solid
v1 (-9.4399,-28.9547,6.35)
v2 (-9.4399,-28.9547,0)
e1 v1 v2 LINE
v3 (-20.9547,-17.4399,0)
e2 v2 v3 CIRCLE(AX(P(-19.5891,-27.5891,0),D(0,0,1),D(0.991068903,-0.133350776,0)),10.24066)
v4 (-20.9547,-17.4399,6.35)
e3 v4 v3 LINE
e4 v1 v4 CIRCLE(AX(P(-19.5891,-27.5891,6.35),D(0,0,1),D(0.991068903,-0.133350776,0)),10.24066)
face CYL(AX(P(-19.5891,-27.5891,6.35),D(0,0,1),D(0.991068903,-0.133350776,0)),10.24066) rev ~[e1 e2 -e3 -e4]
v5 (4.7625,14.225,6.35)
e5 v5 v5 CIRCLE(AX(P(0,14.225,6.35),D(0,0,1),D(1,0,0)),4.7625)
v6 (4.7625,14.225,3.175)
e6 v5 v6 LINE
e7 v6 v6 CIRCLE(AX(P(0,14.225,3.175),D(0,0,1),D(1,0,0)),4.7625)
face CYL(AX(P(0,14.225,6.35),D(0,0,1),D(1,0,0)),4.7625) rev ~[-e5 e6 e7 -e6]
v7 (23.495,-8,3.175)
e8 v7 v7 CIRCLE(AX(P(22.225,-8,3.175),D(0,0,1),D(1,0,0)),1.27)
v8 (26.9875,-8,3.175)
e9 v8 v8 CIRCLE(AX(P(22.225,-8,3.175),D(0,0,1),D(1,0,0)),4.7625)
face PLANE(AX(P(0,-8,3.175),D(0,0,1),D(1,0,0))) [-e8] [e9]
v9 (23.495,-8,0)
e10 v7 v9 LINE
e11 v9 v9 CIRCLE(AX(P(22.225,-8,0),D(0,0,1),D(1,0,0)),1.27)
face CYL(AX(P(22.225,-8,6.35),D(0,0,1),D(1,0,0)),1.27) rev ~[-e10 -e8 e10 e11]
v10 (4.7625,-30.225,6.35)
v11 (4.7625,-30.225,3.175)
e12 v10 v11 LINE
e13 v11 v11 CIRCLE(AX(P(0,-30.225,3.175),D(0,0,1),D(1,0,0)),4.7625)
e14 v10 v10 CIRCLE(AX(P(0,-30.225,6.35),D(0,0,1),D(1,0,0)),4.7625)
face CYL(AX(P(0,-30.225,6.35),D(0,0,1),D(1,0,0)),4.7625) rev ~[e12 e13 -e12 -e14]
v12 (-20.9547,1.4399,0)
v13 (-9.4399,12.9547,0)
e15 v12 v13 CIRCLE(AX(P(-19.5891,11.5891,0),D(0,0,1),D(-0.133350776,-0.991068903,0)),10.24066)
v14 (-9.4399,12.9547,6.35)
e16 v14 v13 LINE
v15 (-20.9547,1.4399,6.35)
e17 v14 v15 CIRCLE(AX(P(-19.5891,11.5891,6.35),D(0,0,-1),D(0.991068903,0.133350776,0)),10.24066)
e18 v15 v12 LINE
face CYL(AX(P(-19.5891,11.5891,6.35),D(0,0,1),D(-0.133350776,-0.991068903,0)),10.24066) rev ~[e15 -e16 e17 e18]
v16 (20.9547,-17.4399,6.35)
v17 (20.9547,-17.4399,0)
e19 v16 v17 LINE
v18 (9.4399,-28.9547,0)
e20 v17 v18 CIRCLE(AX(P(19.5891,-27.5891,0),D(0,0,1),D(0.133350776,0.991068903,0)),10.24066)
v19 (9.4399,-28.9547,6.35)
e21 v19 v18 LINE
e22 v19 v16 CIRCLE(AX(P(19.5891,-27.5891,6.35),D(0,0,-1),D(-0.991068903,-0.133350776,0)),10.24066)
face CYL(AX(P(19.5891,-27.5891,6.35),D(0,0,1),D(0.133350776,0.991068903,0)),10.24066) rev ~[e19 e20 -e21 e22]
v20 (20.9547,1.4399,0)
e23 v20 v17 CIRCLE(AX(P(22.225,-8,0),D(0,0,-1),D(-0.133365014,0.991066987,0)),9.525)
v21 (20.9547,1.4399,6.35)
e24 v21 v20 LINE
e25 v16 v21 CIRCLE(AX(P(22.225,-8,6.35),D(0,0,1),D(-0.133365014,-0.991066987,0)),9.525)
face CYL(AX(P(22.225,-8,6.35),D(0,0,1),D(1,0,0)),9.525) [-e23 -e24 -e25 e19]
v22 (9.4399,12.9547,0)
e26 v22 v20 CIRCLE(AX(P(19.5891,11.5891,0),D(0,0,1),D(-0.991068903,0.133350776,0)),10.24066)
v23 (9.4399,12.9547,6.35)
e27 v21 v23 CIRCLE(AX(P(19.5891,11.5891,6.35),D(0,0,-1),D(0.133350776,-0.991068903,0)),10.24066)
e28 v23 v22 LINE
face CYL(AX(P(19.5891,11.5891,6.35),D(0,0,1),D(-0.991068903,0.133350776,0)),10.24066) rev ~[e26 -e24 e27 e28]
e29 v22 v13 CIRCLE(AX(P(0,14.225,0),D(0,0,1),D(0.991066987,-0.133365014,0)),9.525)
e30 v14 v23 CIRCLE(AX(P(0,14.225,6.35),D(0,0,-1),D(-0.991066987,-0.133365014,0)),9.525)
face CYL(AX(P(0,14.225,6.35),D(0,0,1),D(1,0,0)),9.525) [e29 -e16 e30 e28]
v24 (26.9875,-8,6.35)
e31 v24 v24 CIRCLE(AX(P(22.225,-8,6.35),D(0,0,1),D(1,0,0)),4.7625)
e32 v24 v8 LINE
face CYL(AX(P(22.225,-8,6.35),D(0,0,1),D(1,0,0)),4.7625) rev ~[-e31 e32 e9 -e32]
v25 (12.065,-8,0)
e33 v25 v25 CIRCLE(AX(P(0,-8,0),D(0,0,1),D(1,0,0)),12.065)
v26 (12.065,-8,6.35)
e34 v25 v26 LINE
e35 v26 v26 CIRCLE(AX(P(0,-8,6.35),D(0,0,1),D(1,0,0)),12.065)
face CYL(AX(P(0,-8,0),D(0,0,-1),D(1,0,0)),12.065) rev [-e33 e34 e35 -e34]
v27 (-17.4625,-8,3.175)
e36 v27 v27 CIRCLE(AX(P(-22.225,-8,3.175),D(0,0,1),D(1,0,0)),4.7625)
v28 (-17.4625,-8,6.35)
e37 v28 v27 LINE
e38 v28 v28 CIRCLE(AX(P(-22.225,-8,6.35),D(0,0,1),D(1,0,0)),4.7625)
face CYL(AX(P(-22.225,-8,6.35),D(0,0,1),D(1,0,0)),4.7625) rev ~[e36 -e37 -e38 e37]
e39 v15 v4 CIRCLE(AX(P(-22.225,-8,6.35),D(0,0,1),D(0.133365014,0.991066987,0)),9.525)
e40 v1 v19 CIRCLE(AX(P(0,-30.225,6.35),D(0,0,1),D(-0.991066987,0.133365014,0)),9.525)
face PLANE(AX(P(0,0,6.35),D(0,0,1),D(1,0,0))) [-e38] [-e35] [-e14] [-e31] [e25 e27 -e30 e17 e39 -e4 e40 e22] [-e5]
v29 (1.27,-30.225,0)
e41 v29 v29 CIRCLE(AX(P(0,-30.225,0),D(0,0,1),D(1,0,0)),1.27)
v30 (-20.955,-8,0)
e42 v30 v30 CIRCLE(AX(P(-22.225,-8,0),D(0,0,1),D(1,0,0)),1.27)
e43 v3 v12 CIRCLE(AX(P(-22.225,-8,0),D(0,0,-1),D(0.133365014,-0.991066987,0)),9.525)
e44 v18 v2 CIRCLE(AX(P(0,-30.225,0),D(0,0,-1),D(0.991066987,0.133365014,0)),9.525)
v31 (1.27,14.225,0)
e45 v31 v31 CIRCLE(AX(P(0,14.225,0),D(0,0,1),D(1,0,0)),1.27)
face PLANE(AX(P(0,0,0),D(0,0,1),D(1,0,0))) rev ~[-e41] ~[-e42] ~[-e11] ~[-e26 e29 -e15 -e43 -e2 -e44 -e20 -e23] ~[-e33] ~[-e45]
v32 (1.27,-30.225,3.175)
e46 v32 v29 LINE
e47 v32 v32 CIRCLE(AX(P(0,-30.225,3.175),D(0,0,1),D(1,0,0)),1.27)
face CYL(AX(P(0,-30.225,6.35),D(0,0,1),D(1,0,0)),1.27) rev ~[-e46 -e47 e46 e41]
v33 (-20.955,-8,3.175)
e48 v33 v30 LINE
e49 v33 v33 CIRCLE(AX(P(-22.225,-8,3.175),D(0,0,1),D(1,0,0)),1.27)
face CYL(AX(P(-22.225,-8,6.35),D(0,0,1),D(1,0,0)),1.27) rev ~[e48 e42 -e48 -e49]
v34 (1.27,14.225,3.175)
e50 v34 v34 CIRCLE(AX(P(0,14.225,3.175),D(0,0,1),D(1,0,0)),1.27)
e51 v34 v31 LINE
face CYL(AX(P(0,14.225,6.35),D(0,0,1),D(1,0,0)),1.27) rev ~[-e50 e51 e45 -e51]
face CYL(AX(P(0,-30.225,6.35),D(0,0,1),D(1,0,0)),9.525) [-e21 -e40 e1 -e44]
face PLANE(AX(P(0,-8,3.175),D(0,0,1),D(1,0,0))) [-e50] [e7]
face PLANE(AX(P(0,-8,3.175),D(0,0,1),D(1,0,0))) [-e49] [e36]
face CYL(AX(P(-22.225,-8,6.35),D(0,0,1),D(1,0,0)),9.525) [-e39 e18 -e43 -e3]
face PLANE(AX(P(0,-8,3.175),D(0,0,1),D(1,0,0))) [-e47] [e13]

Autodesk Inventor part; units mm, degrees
ref_plane "YZ Plane" through (0, 0, 0) normal (1, 0, 0) x (0, 1, 0)
ref_plane "XZ Plane" through (0, 0, 0) normal (0, 1, 0) x (-1, 0, 0)
sketch "Sketch1" plane through (0, 0, 0) normal (0, 0, 1) x (1, 0, 0)
  circle A0 centre (0, -8) radius 12.065 projected
  arc A1 (-7.912, -62.1223) -> (-4.7827, -62.4881) centre (0, -8) ccw projected
  arc A2 (-3.3911, -60.1215) -> (-4.7827, -62.4881) centre (5.3956, -66.8807) ccw projected
  arc A3 (3.3911, -60.1215) -> (-3.3911, -60.1215) centre (0, -62.6976) ccw projected
  arc A4 (4.7827, -62.4881) -> (3.3911, -60.1215) centre (-5.3956, -66.8807) ccw projected
  arc A5 (4.7827, -62.4881) -> (7.912, -62.1223) centre (0, -8) ccw projected
  arc A6 (8.7203, -59.4986) -> (7.912, -62.1223) centre (18.829, -64.0493) ccw projected
  arc A7 (15.3198, -57.9345) -> (8.7203, -59.4986) centre (12.6141, -61.2232) ccw projected
  arc A8 (17.2196, -59.9164) -> (15.3198, -57.9345) centre (8.3287, -66.5379) ccw projected
  arc A9 (17.2196, -59.9164) -> (20.1802, -58.8388) centre (0, -8) ccw projected
  arc A10 (20.3617, -56.0994) -> (20.1802, -58.8388) centre (31.2473, -58.1962) ccw projected
  arc A11 (26.4225, -53.0555) -> (20.3617, -56.0994) centre (24.5482, -56.8795) ccw projected
  arc A12 (28.7282, -54.5458) -> (26.4225, -53.0555) centre (21.6039, -63.0393) ccw projected
  arc A13 (28.7282, -54.5458) -> (31.3605, -52.8146) centre (0, -8) ccw projected
  arc A14 (30.9053, -50.1072) -> (31.3605, -52.8146) centre (41.9811, -49.637) ccw projected
  arc A15 (36.1008, -45.7476) -> (30.9053, -50.1072) centre (35.1589, -49.9008) ccw projected
  arc A16 (38.688, -46.666) -> (36.1008, -45.7476) centre (33.7145, -56.5735) ccw projected
  arc A17 (38.688, -46.666) -> (40.8501, -44.3744) centre (0, -8) ccw projected
  arc A18 (39.7828, -41.8449) -> (40.8501, -44.3744) centre (50.4517, -38.8332) ccw projected
  arc A19 (43.8329, -36.4047) -> (39.7828, -41.8449) centre (43.8742, -40.6631) ccw projected
  arc A20 (46.5622, -36.7017) -> (43.8329, -36.4047) centre (44.0076, -47.4891) ccw projected
  arc A21 (46.5622, -36.7017) -> (48.1375, -33.9732) centre (0, -8) ccw projected
  arc A22 (46.5156, -31.7581) -> (48.1375, -33.9732) centre (56.2023, -26.3671) ccw projected
  arc A23 (49.2019, -25.5305) -> (46.5156, -31.7581) centre (50.2242, -29.6646) ccw projected
  arc A24 (51.9262, -25.19) -> (49.2019, -25.5305) centre (51.9282, -36.2758) ccw projected
  arc A25 (51.9262, -25.19) -> (52.8298, -22.1718) centre (0, -8) ccw projected
  arc A26 (50.7408, -20.3904) -> (52.8298, -22.1718) centre (58.9232, -12.9109) ccw projected
  arc A27 (51.9185, -13.7112) -> (50.7408, -20.3904) centre (53.8666, -17.4981) ccw projected
  arc A28 (54.4908, -12.7517) -> (51.9185, -13.7112) centre (57.0493, -23.5382) ccw projected
  arc A29 (54.4908, -12.7517) -> (54.674, -9.6064) centre (0, -8) ccw projected
  arc A30 (52.2305, -8.3548) -> (54.674, -9.6064) centre (58.4674, 0.8101) ccw projected
  arc A31 (51.8361, -1.584) -> (52.2305, -8.3548) centre (54.605, -4.8196) ccw projected
  arc A32 (54.1178, -0.0572) -> (51.8361, -1.584) centre (59.0949, -9.9629) ccw projected
  arc A33 (54.1178, -0.0572) -> (53.5707, 3.0455) centre (0, -8) ccw projected
  arc A34 (50.9044, 3.6999) -> (53.5707, 3.0455) centre (54.8597, 14.0561) ccw projected
  arc A35 (48.9593, 10.1973) -> (50.9044, 3.6999) centre (52.3997, 7.6874) ccw projected
  arc A36 (50.8273, 12.2092) -> (48.9593, 10.1973) centre (57.9546, 3.7182) ccw projected
  arc A37 (50.8273, 12.2092) -> (49.5794, 15.1021) centre (0, -8) ccw projected
  arc A38 (46.8341, 15.1239) -> (49.5794, 15.1021) centre (48.2944, 26.1131) ccw projected
  arc A39 (43.443, 20.9975) -> (46.8341, 15.1239) centre (47.3695, 19.3488) ccw projected
  arc A40 (44.7967, 23.386) -> (43.443, 20.9975) centre (53.69, 16.7676) ccw projected
  arc A41 (44.7967, 23.386) -> (42.9153, 25.9131) centre (0, -8) ccw projected
  arc A42 (40.2389, 25.3013) -> (42.9153, 25.9131) centre (39.1256, 36.331) ccw projected
  arc A43 (35.5847, 30.2346) -> (40.2389, 25.3013) centre (39.7856, 29.5357) ccw projected
  arc A44 (36.3511, 32.8708) -> (35.5847, 30.2346) centre (46.531, 28.4818) ccw projected
  arc A45 (36.3511, 32.8708) -> (33.9376, 34.896) centre (0, -8) ccw projected
  arc A46 (31.4745, 33.6834) -> (33.9376, 34.896) centre (27.8475, 44.1591) ccw projected
  arc A47 (25.808, 37.4103) -> (31.4745, 33.6834) centre (30.0568, 37.6992) ccw projected
  arc A48 (25.9458, 40.1523) -> (25.808, 37.4103) centre (36.8635, 38.2292) ccw projected
  arc A49 (25.9458, 40.1523) -> (23.1303, 41.5662) centre (0, -8) ccw projected
  arc A50 (21.0132, 39.8183) -> (23.1303, 41.5662) centre (15.0682, 49.1752) ccw projected
  arc A51 (14.64, 42.138) -> (21.0132, 39.8183) centre (18.7077, 43.3989) ccw projected
  arc A52 (14.1417, 44.8378) -> (14.64, 42.138) centre (25.2086, 45.4844) ccw projected
  arc A53 (14.1417, 44.8378) -> (11.0761, 45.5644) centre (0, -8) ccw projected
  arc A54 (9.4191, 43.3754) -> (11.0761, 45.5644) centre (1.4765, 51.109) ccw projected
  arc A55 (2.6827, 44.1627) -> (9.4191, 43.3754) centre (6.35, 46.3277) ccw projected
  arc A56 (1.5753, 46.6749) -> (2.6827, 44.1627) centre (12.1948, 49.8562) ccw projected
  arc A57 (1.5753, 46.6749) -> (-1.5753, 46.6749) centre (0, -8) ccw projected
  arc A58 (-2.6827, 44.1627) -> (-1.5753, 46.6749) centre (-12.1948, 49.8562) ccw projected
  arc A59 (-9.4191, 43.3754) -> (-2.6827, 44.1627) centre (-6.35, 46.3277) ccw projected
  arc A60 (-11.0761, 45.5644) -> (-9.4191, 43.3754) centre (-1.4765, 51.109) ccw projected
  arc A61 (-11.0761, 45.5644) -> (-14.1417, 44.8378) centre (0, -8) ccw projected
  arc A62 (-14.64, 42.138) -> (-14.1417, 44.8378) centre (-25.2086, 45.4844) ccw projected
  arc A63 (-21.0132, 39.8183) -> (-14.64, 42.138) centre (-18.7077, 43.3989) ccw projected
  arc A64 (-23.1303, 41.5662) -> (-21.0132, 39.8183) centre (-15.0682, 49.1752) ccw projected
  arc A65 (-23.1303, 41.5662) -> (-25.9458, 40.1523) centre (0, -8) ccw projected
  arc A66 (-25.808, 37.4103) -> (-25.9458, 40.1523) centre (-36.8635, 38.2292) ccw projected
  arc A67 (-31.4745, 33.6834) -> (-25.808, 37.4103) centre (-30.0568, 37.6992) ccw projected
  arc A68 (-33.9376, 34.896) -> (-31.4745, 33.6834) centre (-27.8475, 44.1591) ccw projected
  arc A69 (-33.9376, 34.896) -> (-36.3511, 32.8708) centre (0, -8) ccw projected
  arc A70 (-35.5847, 30.2346) -> (-36.3511, 32.8708) centre (-46.531, 28.4818) ccw projected
  arc A71 (-40.2389, 25.3013) -> (-35.5847, 30.2346) centre (-39.7856, 29.5357) ccw projected
  arc A72 (-42.9153, 25.9131) -> (-40.2389, 25.3013) centre (-39.1256, 36.331) ccw projected
  arc A73 (-42.9153, 25.9131) -> (-44.7967, 23.386) centre (0, -8) ccw projected
  arc A74 (-43.443, 20.9975) -> (-44.7967, 23.386) centre (-53.69, 16.7676) ccw projected
  arc A75 (-46.8341, 15.1239) -> (-43.443, 20.9975) centre (-47.3695, 19.3488) ccw projected
  arc A76 (-49.5794, 15.1021) -> (-46.8341, 15.1239) centre (-48.2944, 26.1131) ccw projected
  arc A77 (-49.5794, 15.1021) -> (-50.8273, 12.2092) centre (0, -8) ccw projected
  arc A78 (-48.9593, 10.1973) -> (-50.8273, 12.2092) centre (-57.9546, 3.7182) ccw projected
  arc A79 (-50.9044, 3.6999) -> (-48.9593, 10.1973) centre (-52.3997, 7.6874) ccw projected
  arc A80 (-53.5707, 3.0455) -> (-50.9044, 3.6999) centre (-54.8597, 14.0561) ccw projected
  arc A81 (-53.5707, 3.0455) -> (-54.1178, -0.0572) centre (0, -8) ccw projected
  arc A82 (-51.8361, -1.584) -> (-54.1178, -0.0572) centre (-59.0949, -9.9629) ccw projected
  arc A83 (-52.2305, -8.3548) -> (-51.8361, -1.584) centre (-54.605, -4.8196) ccw projected
  arc A84 (-54.674, -9.6064) -> (-52.2305, -8.3548) centre (-58.4674, 0.8101) ccw projected
  arc A85 (-54.674, -9.6064) -> (-54.4908, -12.7517) centre (0, -8) ccw projected
  arc A86 (-51.9185, -13.7112) -> (-54.4908, -12.7517) centre (-57.0493, -23.5382) ccw projected
  arc A87 (-50.7408, -20.3904) -> (-51.9185, -13.7112) centre (-53.8666, -17.4981) ccw projected
  arc A88 (-52.8298, -22.1718) -> (-50.7408, -20.3904) centre (-58.9232, -12.9109) ccw projected
  arc A89 (-52.8298, -22.1718) -> (-51.9262, -25.19) centre (0, -8) ccw projected
  arc A90 (-49.2019, -25.5305) -> (-51.9262, -25.19) centre (-51.9282, -36.2758) ccw projected
  arc A91 (-46.5156, -31.7581) -> (-49.2019, -25.5305) centre (-50.2242, -29.6646) ccw projected
  arc A92 (-48.1375, -33.9732) -> (-46.5156, -31.7581) centre (-56.2023, -26.3671) ccw projected
  arc A93 (-48.1375, -33.9732) -> (-46.5622, -36.7017) centre (0, -8) ccw projected
  arc A94 (-43.8329, -36.4047) -> (-46.5622, -36.7017) centre (-44.0076, -47.4891) ccw projected
  arc A95 (-39.7828, -41.8449) -> (-43.8329, -36.4047) centre (-43.8742, -40.6631) ccw projected
  arc A96 (-40.8501, -44.3744) -> (-39.7828, -41.8449) centre (-50.4517, -38.8332) ccw projected
  arc A97 (-40.8501, -44.3744) -> (-38.688, -46.666) centre (0, -8) ccw projected
  arc A98 (-36.1008, -45.7476) -> (-38.688, -46.666) centre (-33.7145, -56.5735) ccw projected
  arc A99 (-30.9053, -50.1072) -> (-36.1008, -45.7476) centre (-35.1589, -49.9008) ccw projected
  arc A100 (-31.3605, -52.8146) -> (-30.9053, -50.1072) centre (-41.9811, -49.637) ccw projected
  arc A101 (-31.3605, -52.8146) -> (-28.7282, -54.5458) centre (0, -8) ccw projected
  arc A102 (-26.4225, -53.0555) -> (-28.7282, -54.5458) centre (-21.6039, -63.0393) ccw projected
  arc A103 (-20.3617, -56.0994) -> (-26.4225, -53.0555) centre (-24.5482, -56.8795) ccw projected
  arc A104 (-20.1802, -58.8388) -> (-20.3617, -56.0994) centre (-31.2473, -58.1962) ccw projected
  arc A105 (-20.1802, -58.8388) -> (-17.2196, -59.9164) centre (0, -8) ccw projected
  arc A106 (-15.3198, -57.9345) -> (-17.2196, -59.9164) centre (-8.3287, -66.5379) ccw projected
  arc A107 (-8.7203, -59.4986) -> (-15.3198, -57.9345) centre (-12.6141, -61.2232) ccw projected
  arc A108 (-7.912, -62.1223) -> (-8.7203, -59.4986) centre (-18.829, -64.0493) ccw projected
  circle A109 centre (0, -8) radius 31.75
  circle A110 centre (-22.225, -8) radius 2.3812 projected
  circle A111 centre (0, 14.225) radius 2.3812 projected
  circle A112 centre (0, -30.225) radius 2.3812 projected
  circle A113 centre (22.225, -8) radius 2.3812 projected
  point P0 (0, 0)
  dimension "d0" = 63.5
extrude "Extrusion1" add sketch "Sketch1" along normal blind 6.35 contours A109 | A110 | A111 | A112 | A113
sketch "Sketch2" plane through (0, -8, 6.35) normal (0, 0, 1) x (1, 0, 0)
  circle A0 centre (0, 0) radius 31.75 projected
  circle A1 centre (0, 0) radius 12.065 projected
  circle A2 centre (22.225, 0) radius 4.7625
  circle A3 centre (0, -22.225) radius 4.7625
  circle A4 centre (-22.225, 0) radius 4.7625
  circle A5 centre (0, 22.225) radius 1.27 projected
  circle A6 centre (0, 22.225) radius 4.7625
  circle A7 centre (-22.225, 0) radius 1.27
  circle A8 centre (0, -22.225) radius 1.27
  circle A9 centre (22.225, 0) radius 1.27
  point P0 (0, 8)
  dimension "d3" = 9.525
  dimension "d4" = 9.525
  dimension "d5" = 9.525
  dimension "d6" = 9.525
ref_plane "Work Plane1" through (17.341, -12.884, 3.2549) normal (0, 0, -1) x (0, 1, 0)
extrude "Extrusion2" cut sketch "Sketch2" against normal through all contours A5 | A7 | A8 | A9
extrude "Extrusion3" cut sketch "Sketch2" against normal blind 3.175 contours A2 | A3 | A4 | A6
sketch "Sketch3" plane through (0, -8, 6.35) normal (0, 0, 1) x (1, 0, 0)
  circle A0 centre (22.225, 0) radius 4.7625 projected
  circle A1 centre (0, -22.225) radius 4.7625 projected
  circle A2 centre (-22.225, 0) radius 4.7625 projected
  circle A3 centre (0, 22.225) radius 4.7625 projected
  circle A4 centre (0, 0) radius 12.065 projected
  circle A5 centre (22.225, 0) radius 9.525
  circle A6 centre (0, -22.225) radius 9.525
  circle A7 centre (-22.225, 0) radius 9.525
  circle A8 centre (0, 22.225) radius 9.525
  circle A9 centre (0, 0) radius 17.4625
  circle A10 centre (0, 0) radius 31.75 projected
  arc A11 (20.9547, -9.4399) -> (9.4399, -20.9547) centre (19.5891, -19.5891) ccw
  arc A12 (9.4399, 20.9547) -> (20.9547, 9.4399) centre (19.5891, 19.5891) ccw
  arc A13 (-20.9547, 9.4399) -> (-9.4399, 20.9547) centre (-19.5891, 19.5891) ccw
  arc A14 (-9.4399, -20.9547) -> (-20.9547, -9.4399) centre (-19.5891, -19.5891) ccw
  point P0 (0, 8)
  point P1 (20.9547, 9.4399)
  point P2 (31.75, 0)
  point P3 (0, 31.75)
  point P4 (9.4399, 20.9547)
  point P5 (-9.4399, 20.9547)
  point P6 (-31.75, 0)
  point P7 (-20.9547, 9.4399)
  point P8 (-20.9547, -9.4399)
  point P9 (0, -31.75)
  point P10 (-9.4399, -20.9547)
  dimension "d13" = 360
extrude "Extrusion4" cut sketch "Sketch3" against normal through all contours A12 A8 A10 A5 | A5 A10 A6 A11 | A8 A13 A7 A10 | A10 A7 A14 A6
properties part number "drive sprocket flange socket"
